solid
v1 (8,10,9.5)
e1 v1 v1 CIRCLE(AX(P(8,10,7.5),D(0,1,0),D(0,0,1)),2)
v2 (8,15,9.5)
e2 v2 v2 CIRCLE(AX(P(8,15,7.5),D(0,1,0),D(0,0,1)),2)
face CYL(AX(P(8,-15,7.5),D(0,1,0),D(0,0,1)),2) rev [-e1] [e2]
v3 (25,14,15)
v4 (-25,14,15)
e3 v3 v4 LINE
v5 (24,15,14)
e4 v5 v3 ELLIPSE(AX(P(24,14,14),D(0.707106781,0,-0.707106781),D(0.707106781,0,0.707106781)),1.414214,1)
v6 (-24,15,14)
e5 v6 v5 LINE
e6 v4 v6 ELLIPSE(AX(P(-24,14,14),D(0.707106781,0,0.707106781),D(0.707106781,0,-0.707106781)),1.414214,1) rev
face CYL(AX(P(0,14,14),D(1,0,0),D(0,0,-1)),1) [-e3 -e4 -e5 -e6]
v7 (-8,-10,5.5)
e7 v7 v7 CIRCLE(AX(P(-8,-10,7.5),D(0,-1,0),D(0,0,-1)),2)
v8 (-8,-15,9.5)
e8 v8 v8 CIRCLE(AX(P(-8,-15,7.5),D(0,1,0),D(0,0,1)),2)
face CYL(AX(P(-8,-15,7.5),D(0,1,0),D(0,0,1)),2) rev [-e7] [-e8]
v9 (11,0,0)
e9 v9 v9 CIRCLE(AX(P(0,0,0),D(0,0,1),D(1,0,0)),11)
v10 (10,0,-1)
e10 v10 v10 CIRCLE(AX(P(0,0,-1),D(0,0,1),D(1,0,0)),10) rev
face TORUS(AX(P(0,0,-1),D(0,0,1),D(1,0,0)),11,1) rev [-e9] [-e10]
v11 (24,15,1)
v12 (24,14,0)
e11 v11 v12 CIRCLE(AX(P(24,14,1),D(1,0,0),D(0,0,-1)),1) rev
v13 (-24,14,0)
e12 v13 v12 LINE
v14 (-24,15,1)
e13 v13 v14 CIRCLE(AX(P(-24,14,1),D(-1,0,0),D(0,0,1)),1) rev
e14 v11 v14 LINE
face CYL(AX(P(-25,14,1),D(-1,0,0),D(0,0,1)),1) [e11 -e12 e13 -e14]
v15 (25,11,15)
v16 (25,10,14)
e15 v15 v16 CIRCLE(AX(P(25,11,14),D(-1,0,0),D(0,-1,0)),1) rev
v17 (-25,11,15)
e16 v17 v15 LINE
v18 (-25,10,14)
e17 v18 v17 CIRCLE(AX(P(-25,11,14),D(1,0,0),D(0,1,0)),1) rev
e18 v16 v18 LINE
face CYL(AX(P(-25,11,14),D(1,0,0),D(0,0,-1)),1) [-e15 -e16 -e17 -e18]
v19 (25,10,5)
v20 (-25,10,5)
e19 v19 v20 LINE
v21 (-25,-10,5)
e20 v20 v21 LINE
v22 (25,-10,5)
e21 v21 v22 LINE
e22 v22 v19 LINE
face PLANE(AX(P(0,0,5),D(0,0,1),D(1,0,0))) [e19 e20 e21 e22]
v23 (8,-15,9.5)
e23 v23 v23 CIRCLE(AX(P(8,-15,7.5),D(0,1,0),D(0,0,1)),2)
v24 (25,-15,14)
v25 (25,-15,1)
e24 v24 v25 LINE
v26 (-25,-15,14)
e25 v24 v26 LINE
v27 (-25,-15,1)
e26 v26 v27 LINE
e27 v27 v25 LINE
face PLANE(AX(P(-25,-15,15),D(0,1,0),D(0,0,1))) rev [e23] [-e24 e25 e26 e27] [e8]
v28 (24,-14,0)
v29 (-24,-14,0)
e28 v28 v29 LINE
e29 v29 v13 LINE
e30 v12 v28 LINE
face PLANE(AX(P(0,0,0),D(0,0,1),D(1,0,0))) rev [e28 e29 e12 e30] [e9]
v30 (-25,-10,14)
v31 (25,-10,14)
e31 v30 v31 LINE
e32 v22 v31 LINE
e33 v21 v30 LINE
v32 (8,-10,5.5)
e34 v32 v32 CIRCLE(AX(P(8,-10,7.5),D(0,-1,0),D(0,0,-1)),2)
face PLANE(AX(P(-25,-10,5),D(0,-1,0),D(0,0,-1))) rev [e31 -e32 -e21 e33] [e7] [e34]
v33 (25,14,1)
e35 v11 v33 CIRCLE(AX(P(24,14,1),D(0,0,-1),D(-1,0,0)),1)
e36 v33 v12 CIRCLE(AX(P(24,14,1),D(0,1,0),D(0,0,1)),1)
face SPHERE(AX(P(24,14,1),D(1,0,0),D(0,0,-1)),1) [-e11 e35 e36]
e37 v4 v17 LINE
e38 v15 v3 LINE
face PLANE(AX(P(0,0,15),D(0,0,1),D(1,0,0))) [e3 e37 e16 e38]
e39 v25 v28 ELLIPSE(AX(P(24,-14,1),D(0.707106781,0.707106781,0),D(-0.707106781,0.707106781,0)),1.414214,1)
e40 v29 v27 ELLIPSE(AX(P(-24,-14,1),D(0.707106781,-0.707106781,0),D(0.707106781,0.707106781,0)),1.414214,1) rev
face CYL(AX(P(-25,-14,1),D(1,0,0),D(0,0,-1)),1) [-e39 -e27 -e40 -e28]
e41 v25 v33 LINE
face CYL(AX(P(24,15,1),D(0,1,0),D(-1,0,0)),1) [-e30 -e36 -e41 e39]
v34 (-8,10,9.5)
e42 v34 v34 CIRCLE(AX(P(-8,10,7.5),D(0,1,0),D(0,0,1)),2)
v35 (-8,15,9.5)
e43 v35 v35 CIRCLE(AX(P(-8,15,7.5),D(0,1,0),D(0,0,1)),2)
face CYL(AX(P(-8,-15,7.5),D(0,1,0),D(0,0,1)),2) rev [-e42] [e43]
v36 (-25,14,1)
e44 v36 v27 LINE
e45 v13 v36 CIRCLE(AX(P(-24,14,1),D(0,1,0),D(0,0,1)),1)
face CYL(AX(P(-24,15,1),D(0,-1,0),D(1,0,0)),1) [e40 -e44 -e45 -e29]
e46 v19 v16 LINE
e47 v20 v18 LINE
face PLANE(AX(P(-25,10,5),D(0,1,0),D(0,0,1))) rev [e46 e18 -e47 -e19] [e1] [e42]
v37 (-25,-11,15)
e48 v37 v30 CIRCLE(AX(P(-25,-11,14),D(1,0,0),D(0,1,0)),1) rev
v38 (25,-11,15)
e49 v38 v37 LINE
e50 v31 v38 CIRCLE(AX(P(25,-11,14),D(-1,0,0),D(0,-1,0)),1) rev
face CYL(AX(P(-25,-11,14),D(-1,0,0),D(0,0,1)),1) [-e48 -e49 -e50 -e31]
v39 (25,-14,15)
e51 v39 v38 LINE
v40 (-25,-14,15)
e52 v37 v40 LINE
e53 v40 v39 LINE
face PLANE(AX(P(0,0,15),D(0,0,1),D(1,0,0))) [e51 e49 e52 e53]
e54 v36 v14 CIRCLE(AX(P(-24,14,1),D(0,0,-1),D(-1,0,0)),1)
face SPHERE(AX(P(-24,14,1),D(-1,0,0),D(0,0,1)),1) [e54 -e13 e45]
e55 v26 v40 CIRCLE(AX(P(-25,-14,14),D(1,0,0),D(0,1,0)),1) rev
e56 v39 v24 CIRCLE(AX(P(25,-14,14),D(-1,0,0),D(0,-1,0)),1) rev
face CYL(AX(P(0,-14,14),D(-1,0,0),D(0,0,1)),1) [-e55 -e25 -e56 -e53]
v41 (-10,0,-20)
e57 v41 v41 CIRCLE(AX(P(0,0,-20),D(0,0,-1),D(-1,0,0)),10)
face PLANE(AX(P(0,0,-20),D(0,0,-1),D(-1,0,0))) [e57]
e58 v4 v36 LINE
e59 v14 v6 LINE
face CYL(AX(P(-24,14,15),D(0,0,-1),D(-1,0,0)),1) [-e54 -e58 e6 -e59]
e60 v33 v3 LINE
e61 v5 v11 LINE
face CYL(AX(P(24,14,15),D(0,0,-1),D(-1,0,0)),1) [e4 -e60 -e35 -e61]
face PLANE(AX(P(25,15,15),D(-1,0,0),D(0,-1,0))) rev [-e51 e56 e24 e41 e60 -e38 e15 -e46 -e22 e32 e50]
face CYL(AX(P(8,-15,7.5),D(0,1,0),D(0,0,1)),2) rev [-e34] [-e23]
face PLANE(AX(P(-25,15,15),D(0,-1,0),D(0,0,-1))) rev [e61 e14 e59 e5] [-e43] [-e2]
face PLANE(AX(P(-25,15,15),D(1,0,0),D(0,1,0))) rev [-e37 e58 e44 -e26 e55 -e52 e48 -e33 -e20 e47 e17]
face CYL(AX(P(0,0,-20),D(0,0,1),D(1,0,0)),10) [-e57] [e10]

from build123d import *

# Parameters (mm, degrees)
SKETCH1_W           = 50
SKETCH1_H           = 30
BOSS_EXTRUDE1_DEPTH = 15
SKETCH2_W           = 50
SKETCH2_H           = 20
CUT_EXTRUDE1_DEPTH  = 10
SKETCH3_R           = 2
CUT_EXTRUDE2_DEPTH  = 42.833001327
SKETCH4_R           = 10
BOSS_EXTRUDE2_DEPTH = 20
FILLET3_R           = 1
FILLET4_R           = 1
FILLET5_R           = 1
FILLET6_R           = 1
FILLET7_R           = 1


with BuildPart() as part:
    # Sketch1 → Boss-Extrude1 (new body)
    with BuildSketch(Plane.XY):
        Rectangle(SKETCH1_W, SKETCH1_H)
    extrude(amount=BOSS_EXTRUDE1_DEPTH)

    # Sketch2 → Cut-Extrude1 (cut)
    with BuildSketch(Plane.XY.offset(15)):
        Rectangle(SKETCH2_W, SKETCH2_H)
    extrude(amount=-CUT_EXTRUDE1_DEPTH, mode=Mode.SUBTRACT)

    # Sketch3 → Cut-Extrude2 (cut, through all)
    with BuildSketch(Plane(origin=(0, 15, 0), x_dir=(1, 0, 0), z_dir=(0, 1, 0))):
        with Locations(Location((-8, -7.5, 0), (0, 0, 270))):
            Circle(SKETCH3_R)
        with Locations(Location((8, -7.5, 0), (0, 0, 270))):
            Circle(SKETCH3_R)
    extrude(amount=-CUT_EXTRUDE2_DEPTH, mode=Mode.SUBTRACT)

    # Sketch4 → Boss-Extrude2 (add)
    with BuildSketch(Plane(origin=(0, 0, 0), x_dir=(-1, 0, 0), z_dir=(0, 0, -1))):
        Circle(SKETCH4_R)
    extrude(amount=BOSS_EXTRUDE2_DEPTH)

    # Fillet3
    fillet3_edges = [part.edges().sort_by_distance(p)[0] for p in [
        (0, -10, 15),
    ]]
    fillet(fillet3_edges, radius=FILLET3_R)

    # Fillet4
    fillet4_edges = [part.edges().sort_by_distance(p)[0] for p in [
        (0, -15, 15),
    ]]
    fillet(fillet4_edges, radius=FILLET4_R)

    # Fillet5
    fillet5_edges = [part.edges().sort_by_distance(p)[0] for p in [
        (0, -15, 0),
        (-25, 0, 0),
        (0, 15, 0),
        (25, 0, 0),
        (-25, 15, 7.5),
        (25, 15, 7.5),
        (0, 15, 15),
    ]]
    fillet(fillet5_edges, radius=FILLET5_R)

    # Fillet6
    fillet6_edges = [part.edges().sort_by_distance(p)[0] for p in [
        (0, 10, 15),
    ]]
    fillet(fillet6_edges, radius=FILLET6_R)

    # Fillet7
    fillet7_edges = [part.edges().sort_by_distance(p)[0] for p in [
        (10, 0, 0),
    ]]
    fillet(fillet7_edges, radius=FILLET7_R)


solid = part.part
